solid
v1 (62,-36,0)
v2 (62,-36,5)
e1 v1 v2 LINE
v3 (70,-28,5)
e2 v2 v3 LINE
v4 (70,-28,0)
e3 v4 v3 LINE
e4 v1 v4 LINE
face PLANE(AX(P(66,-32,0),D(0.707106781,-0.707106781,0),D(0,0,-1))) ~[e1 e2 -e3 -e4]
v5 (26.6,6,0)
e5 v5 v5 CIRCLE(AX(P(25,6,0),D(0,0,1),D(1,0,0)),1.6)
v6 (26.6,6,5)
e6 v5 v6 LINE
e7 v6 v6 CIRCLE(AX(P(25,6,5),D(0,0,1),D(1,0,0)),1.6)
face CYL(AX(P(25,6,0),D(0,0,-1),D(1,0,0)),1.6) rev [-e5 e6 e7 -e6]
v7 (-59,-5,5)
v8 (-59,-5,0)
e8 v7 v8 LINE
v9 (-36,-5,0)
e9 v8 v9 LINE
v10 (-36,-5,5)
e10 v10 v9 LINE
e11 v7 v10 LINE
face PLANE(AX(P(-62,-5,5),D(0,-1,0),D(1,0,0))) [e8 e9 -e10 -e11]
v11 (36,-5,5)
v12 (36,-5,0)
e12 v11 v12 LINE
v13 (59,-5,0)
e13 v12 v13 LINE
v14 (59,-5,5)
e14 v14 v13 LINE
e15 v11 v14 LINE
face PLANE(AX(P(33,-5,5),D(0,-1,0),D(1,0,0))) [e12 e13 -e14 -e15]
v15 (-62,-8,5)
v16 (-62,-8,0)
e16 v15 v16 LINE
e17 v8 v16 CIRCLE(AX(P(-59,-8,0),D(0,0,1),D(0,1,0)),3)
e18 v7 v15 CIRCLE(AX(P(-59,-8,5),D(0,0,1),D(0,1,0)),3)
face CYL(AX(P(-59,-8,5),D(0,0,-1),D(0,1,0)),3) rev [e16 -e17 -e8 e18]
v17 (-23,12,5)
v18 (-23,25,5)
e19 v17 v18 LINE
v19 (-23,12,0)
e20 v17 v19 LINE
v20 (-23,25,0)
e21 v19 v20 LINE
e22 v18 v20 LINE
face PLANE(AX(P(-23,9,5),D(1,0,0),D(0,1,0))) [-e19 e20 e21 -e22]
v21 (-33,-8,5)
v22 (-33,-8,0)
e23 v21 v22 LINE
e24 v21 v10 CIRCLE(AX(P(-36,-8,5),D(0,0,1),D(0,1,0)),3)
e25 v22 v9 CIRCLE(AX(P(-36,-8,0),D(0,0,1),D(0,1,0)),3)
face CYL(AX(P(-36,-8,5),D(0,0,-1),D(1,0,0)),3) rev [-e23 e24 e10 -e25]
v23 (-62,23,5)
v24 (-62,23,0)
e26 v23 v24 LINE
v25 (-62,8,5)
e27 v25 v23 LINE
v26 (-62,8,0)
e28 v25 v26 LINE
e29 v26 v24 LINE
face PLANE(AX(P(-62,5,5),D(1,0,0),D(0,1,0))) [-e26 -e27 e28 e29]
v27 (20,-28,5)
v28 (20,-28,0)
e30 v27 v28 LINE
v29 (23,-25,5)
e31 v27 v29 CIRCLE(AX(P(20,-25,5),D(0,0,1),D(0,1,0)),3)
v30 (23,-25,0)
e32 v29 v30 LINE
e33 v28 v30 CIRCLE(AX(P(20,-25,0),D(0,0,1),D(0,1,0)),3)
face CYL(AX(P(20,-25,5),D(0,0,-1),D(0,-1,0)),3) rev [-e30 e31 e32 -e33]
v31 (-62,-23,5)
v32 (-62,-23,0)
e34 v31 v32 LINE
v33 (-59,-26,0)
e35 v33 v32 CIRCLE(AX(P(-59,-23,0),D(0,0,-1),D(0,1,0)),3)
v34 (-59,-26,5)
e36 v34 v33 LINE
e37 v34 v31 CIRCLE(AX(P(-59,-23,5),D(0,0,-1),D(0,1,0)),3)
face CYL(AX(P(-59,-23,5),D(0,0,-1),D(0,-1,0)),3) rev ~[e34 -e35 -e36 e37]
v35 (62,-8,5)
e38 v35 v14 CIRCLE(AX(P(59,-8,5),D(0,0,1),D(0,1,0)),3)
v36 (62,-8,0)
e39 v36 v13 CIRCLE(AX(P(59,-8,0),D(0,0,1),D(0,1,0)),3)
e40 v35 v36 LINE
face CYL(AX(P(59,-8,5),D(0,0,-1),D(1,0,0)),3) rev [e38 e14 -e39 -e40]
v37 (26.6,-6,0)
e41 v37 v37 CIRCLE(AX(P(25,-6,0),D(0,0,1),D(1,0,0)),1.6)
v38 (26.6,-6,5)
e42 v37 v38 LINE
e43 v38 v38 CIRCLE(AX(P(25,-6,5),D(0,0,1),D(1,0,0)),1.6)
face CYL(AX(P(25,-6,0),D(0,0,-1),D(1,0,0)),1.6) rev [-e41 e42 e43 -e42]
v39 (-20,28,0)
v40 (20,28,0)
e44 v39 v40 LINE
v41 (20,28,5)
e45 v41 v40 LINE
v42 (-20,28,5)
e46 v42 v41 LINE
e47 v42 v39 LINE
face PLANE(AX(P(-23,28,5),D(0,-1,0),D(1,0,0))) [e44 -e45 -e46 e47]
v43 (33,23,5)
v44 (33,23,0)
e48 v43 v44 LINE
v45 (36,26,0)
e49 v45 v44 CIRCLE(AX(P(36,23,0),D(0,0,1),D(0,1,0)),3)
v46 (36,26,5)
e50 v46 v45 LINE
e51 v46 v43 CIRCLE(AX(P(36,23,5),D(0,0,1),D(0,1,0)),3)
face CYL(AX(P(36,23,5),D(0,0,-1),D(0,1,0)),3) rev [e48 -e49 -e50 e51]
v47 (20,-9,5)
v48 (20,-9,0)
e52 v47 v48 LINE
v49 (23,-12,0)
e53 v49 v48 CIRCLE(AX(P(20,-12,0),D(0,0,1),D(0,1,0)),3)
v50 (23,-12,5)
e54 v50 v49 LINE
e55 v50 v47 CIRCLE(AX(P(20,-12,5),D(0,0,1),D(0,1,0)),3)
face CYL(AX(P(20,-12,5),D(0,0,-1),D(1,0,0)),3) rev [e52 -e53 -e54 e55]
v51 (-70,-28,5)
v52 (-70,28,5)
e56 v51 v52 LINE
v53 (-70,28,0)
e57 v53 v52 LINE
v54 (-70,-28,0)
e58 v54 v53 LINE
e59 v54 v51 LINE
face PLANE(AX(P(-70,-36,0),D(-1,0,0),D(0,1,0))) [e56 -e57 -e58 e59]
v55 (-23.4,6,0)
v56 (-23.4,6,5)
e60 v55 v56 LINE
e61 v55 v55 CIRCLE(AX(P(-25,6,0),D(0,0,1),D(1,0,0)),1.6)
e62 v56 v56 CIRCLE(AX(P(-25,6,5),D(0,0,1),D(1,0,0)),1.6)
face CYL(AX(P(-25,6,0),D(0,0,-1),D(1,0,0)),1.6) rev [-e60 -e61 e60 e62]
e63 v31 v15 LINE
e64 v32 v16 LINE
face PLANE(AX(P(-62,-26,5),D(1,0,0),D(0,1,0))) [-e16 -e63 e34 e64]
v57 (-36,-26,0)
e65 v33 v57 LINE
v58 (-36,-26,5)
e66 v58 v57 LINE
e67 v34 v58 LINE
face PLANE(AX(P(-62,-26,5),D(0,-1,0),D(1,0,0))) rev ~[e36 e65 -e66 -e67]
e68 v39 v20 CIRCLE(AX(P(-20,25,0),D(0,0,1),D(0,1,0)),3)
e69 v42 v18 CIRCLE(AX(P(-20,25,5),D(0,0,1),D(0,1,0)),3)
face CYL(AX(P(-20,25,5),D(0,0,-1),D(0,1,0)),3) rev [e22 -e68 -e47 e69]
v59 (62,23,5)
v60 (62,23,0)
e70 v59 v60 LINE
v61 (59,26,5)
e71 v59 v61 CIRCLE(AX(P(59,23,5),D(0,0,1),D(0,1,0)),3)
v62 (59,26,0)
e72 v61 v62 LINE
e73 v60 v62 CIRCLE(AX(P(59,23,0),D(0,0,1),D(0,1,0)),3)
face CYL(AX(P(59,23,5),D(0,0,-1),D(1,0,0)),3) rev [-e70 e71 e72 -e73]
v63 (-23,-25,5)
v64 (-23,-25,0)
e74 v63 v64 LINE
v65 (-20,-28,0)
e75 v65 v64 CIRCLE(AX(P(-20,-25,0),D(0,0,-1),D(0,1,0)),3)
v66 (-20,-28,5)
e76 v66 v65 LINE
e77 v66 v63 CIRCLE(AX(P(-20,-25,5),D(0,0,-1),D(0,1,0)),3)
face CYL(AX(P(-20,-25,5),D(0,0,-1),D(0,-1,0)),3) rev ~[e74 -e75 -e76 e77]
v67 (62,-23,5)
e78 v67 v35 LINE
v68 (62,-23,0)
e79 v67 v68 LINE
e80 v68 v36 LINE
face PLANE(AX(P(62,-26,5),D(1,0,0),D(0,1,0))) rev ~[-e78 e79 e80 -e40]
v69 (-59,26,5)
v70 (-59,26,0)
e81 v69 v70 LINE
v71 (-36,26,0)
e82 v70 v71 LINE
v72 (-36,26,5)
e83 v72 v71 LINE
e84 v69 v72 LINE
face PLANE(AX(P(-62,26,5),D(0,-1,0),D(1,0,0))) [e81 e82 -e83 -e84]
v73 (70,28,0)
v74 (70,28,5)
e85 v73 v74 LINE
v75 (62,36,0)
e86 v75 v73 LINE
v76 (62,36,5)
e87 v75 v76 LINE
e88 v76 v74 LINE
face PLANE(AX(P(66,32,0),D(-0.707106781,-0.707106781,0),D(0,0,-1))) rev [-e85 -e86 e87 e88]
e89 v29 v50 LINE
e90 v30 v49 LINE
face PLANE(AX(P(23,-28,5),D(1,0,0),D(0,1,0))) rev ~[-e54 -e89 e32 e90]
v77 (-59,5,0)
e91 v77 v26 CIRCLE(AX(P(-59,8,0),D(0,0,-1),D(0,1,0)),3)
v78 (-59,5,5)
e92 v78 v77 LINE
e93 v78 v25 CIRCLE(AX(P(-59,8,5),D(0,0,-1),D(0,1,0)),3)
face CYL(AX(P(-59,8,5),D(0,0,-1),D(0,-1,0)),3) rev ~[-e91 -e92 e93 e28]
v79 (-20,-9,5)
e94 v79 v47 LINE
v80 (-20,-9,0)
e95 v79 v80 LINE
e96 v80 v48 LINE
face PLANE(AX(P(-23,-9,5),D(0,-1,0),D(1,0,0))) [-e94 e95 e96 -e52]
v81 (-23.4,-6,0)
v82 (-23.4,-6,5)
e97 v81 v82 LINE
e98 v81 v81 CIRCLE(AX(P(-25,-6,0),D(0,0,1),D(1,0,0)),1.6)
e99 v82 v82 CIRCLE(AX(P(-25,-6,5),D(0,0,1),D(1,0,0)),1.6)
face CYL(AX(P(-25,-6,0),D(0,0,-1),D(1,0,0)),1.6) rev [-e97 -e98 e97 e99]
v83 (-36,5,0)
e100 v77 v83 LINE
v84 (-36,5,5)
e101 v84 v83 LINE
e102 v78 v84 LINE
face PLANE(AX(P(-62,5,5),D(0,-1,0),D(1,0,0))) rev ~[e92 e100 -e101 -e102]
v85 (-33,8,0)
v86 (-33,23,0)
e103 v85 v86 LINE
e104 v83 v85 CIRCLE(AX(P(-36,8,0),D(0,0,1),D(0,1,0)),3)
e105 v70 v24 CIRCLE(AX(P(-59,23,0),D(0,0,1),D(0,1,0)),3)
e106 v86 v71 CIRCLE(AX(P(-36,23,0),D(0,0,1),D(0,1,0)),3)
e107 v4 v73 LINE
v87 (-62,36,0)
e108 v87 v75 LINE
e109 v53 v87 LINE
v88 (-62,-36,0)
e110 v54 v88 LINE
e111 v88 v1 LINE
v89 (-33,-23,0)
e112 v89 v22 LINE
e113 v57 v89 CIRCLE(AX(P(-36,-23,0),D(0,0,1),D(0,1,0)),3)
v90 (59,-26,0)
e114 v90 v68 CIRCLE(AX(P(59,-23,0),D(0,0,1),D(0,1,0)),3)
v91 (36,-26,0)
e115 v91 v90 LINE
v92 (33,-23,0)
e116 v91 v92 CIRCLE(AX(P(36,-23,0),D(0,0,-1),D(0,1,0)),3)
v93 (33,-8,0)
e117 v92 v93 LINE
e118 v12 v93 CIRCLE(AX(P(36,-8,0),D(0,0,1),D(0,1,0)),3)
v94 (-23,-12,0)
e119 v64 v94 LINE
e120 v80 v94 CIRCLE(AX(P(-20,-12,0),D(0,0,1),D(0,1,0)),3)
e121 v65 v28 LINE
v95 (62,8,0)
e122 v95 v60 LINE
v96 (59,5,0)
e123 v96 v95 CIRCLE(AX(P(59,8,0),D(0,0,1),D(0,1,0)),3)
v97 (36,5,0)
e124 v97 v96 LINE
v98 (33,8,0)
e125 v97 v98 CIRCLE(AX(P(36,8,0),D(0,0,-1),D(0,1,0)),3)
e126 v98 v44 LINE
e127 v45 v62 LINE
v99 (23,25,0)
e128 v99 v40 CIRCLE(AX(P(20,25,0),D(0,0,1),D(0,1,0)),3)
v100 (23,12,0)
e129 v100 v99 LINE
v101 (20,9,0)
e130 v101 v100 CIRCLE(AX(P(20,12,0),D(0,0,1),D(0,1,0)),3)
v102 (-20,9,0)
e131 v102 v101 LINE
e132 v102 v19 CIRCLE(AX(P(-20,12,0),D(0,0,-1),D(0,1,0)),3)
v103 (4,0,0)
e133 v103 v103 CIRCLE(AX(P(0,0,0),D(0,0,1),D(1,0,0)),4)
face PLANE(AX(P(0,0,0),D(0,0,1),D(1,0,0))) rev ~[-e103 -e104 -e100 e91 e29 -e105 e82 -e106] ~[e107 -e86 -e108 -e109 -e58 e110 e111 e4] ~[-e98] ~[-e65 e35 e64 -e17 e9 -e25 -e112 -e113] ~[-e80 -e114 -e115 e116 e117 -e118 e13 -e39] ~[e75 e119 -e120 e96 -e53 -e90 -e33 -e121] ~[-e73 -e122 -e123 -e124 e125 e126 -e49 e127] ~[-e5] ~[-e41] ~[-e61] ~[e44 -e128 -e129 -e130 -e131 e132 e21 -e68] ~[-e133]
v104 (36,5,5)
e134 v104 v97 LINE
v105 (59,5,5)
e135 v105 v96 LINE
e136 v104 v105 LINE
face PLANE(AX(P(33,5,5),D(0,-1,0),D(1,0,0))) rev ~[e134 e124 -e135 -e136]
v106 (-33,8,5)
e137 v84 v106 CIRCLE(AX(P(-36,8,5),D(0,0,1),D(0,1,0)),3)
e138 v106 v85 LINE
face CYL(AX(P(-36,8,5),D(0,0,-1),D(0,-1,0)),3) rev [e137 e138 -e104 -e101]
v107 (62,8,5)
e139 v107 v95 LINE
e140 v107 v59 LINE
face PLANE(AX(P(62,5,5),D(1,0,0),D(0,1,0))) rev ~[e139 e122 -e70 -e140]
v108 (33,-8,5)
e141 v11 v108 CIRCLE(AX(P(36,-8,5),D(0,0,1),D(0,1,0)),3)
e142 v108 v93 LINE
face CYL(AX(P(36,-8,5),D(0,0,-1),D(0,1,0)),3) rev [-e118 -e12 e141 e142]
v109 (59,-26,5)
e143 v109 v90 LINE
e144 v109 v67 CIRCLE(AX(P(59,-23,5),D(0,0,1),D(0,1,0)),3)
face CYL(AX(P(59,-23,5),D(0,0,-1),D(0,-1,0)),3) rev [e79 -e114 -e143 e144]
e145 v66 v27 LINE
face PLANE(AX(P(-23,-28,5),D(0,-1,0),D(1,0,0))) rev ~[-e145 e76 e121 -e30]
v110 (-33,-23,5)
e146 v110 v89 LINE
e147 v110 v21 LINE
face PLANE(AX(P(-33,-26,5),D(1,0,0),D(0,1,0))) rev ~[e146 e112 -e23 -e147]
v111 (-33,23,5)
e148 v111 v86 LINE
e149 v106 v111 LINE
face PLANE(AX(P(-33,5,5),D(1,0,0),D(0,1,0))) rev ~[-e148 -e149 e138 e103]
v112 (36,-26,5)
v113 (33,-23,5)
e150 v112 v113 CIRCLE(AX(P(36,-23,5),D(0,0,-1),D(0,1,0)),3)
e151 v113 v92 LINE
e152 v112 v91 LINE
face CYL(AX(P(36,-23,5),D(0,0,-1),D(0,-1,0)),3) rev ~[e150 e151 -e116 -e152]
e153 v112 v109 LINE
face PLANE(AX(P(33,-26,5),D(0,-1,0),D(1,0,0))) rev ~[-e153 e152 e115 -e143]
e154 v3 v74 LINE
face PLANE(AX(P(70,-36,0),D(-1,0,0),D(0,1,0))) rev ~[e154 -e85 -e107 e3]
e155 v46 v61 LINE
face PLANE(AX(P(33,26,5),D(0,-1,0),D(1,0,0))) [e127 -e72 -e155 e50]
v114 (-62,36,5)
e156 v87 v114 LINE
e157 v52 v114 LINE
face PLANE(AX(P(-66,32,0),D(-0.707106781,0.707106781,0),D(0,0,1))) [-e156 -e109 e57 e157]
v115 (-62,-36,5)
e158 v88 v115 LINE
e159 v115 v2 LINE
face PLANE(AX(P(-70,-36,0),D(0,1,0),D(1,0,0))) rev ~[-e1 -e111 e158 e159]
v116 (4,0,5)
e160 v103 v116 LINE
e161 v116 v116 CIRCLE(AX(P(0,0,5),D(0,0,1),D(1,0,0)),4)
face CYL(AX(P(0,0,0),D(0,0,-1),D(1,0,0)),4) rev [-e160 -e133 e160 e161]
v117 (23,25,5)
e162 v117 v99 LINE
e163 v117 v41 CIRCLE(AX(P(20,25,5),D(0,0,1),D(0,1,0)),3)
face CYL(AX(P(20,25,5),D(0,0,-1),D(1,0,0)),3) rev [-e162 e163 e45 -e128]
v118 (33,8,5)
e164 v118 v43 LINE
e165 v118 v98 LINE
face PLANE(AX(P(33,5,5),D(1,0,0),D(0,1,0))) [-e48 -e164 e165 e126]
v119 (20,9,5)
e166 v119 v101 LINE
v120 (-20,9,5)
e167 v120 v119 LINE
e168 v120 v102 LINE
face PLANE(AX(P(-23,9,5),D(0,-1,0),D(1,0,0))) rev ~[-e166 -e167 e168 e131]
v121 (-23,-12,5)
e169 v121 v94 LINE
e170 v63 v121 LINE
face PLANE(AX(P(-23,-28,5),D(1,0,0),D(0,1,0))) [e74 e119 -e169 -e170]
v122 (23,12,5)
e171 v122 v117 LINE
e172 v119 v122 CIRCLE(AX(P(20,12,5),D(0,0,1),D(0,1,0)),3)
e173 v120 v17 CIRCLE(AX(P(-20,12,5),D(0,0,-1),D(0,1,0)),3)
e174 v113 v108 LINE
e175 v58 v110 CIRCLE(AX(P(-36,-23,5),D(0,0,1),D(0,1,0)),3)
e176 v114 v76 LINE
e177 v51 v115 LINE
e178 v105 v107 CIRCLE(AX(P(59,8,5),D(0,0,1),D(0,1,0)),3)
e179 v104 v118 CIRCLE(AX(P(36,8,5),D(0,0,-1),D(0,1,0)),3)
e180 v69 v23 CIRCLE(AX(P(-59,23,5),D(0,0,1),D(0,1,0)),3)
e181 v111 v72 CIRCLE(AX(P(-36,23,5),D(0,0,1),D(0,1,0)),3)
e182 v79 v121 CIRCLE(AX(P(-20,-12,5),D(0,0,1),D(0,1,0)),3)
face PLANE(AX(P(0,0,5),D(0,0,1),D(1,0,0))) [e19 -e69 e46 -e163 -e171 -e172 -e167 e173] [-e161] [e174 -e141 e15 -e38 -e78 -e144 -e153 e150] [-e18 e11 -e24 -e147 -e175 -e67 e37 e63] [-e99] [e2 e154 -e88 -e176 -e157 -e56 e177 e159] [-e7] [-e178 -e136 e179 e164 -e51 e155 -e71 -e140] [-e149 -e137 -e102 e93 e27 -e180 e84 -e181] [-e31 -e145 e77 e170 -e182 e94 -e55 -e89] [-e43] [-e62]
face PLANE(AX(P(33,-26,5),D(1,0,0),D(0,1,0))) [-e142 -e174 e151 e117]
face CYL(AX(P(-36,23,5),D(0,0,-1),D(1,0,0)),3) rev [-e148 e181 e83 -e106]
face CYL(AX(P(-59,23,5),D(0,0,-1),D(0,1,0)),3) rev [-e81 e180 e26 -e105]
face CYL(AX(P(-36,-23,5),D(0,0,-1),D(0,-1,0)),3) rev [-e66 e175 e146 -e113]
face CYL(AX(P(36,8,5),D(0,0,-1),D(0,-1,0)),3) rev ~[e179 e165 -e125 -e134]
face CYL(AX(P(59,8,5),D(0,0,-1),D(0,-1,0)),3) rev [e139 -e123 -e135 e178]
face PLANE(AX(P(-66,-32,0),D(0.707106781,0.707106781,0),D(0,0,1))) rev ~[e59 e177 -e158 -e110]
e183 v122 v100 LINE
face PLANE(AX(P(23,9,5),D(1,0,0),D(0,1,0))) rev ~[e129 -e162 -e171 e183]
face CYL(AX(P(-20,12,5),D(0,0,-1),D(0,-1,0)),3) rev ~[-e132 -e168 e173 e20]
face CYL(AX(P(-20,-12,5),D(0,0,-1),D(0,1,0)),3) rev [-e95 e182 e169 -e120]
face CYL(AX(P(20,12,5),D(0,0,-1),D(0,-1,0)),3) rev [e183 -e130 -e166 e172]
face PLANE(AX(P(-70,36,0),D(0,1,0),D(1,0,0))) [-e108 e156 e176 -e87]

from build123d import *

# Parameters (mm, degrees)
SKETCH_1_W          = 140
SKETCH_1_H          = 72
SKETCH_1_R          = 1.6
SKETCH_1_R_2        = 4
EXTRUDE_1_DEPTH     = 5
SKETCH_2_W          = 29
SKETCH_2_H          = 21
SKETCH_2_W_2        = 46
SKETCH_2_H_2        = 19
CUT_EXTRUDE_1_DEPTH = 79.873316147
FILLET_1_R          = 3
CHAMFER_1_SIZE      = 8


with BuildPart() as part:
    # 草图1 → 凸台-拉伸1 (new body)
    with BuildSketch(Plane.XY):
        Rectangle(SKETCH_1_W, SKETCH_1_H)
        with Locations((-25, 6)):
            Circle(SKETCH_1_R, mode=Mode.SUBTRACT)
        with Locations((25, 6)):
            Circle(SKETCH_1_R, mode=Mode.SUBTRACT)
        with Locations((-25, -6)):
            Circle(SKETCH_1_R, mode=Mode.SUBTRACT)
        with Locations((25, -6)):
            Circle(SKETCH_1_R, mode=Mode.SUBTRACT)
        Circle(SKETCH_1_R_2, mode=Mode.SUBTRACT)
    extrude(amount=EXTRUDE_1_DEPTH)

    # 草图2 → 切除-拉伸1 (cut, through all)
    with BuildSketch(Plane.XY.offset(5)):
        with Locations((-47.5, 15.5)):
            Rectangle(SKETCH_2_W, SKETCH_2_H)
        with Locations((-47.5, -15.5)):
            Rectangle(SKETCH_2_W, SKETCH_2_H)
        with Locations((47.5, -15.5)):
            Rectangle(SKETCH_2_W, SKETCH_2_H)
        with Locations((47.5, 15.5)):
            Rectangle(SKETCH_2_W, SKETCH_2_H)
        with Locations((0, 18.5)):
            Rectangle(SKETCH_2_W_2, SKETCH_2_H_2)
        with Locations((0, -18.5)):
            Rectangle(SKETCH_2_W_2, SKETCH_2_H_2)
    extrude(amount=-CUT_EXTRUDE_1_DEPTH, mode=Mode.SUBTRACT)

    # 圆角1
    fillet_1_edges = [part.edges().sort_by_distance(p)[0] for p in [
        (-62, -26, 2.5),
        (-62, -5, 2.5),
        (-33, -5, 2.5),
        (-33, -26, 2.5),
        (23, 28, 2.5),
        (23, 9, 2.5),
        (-23, 9, 2.5),
        (-23, 28, 2.5),
        (62, -5, 2.5),
        (62, -26, 2.5),
        (33, -26, 2.5),
        (33, -5, 2.5),
        (62, 26, 2.5),
        (62, 5, 2.5),
        (33, 5, 2.5),
        (33, 26, 2.5),
        (23, -9, 2.5),
        (23, -28, 2.5),
        (-23, -28, 2.5),
        (-23, -9, 2.5),
        (-62, 5, 2.5),
        (-62, 26, 2.5),
        (-33, 26, 2.5),
        (-33, 5, 2.5),
    ]]
    fillet(fillet_1_edges, radius=FILLET_1_R)

    # 倒角1
    chamfer_1_edges = [part.edges().sort_by_distance(p)[0] for p in [
        (-70, 36, 2.5),
        (70, 36, 2.5),
        (70, -36, 2.5),
        (-70, -36, 2.5),
    ]]
    chamfer(chamfer_1_edges, length=CHAMFER_1_SIZE)


solid = part.part
